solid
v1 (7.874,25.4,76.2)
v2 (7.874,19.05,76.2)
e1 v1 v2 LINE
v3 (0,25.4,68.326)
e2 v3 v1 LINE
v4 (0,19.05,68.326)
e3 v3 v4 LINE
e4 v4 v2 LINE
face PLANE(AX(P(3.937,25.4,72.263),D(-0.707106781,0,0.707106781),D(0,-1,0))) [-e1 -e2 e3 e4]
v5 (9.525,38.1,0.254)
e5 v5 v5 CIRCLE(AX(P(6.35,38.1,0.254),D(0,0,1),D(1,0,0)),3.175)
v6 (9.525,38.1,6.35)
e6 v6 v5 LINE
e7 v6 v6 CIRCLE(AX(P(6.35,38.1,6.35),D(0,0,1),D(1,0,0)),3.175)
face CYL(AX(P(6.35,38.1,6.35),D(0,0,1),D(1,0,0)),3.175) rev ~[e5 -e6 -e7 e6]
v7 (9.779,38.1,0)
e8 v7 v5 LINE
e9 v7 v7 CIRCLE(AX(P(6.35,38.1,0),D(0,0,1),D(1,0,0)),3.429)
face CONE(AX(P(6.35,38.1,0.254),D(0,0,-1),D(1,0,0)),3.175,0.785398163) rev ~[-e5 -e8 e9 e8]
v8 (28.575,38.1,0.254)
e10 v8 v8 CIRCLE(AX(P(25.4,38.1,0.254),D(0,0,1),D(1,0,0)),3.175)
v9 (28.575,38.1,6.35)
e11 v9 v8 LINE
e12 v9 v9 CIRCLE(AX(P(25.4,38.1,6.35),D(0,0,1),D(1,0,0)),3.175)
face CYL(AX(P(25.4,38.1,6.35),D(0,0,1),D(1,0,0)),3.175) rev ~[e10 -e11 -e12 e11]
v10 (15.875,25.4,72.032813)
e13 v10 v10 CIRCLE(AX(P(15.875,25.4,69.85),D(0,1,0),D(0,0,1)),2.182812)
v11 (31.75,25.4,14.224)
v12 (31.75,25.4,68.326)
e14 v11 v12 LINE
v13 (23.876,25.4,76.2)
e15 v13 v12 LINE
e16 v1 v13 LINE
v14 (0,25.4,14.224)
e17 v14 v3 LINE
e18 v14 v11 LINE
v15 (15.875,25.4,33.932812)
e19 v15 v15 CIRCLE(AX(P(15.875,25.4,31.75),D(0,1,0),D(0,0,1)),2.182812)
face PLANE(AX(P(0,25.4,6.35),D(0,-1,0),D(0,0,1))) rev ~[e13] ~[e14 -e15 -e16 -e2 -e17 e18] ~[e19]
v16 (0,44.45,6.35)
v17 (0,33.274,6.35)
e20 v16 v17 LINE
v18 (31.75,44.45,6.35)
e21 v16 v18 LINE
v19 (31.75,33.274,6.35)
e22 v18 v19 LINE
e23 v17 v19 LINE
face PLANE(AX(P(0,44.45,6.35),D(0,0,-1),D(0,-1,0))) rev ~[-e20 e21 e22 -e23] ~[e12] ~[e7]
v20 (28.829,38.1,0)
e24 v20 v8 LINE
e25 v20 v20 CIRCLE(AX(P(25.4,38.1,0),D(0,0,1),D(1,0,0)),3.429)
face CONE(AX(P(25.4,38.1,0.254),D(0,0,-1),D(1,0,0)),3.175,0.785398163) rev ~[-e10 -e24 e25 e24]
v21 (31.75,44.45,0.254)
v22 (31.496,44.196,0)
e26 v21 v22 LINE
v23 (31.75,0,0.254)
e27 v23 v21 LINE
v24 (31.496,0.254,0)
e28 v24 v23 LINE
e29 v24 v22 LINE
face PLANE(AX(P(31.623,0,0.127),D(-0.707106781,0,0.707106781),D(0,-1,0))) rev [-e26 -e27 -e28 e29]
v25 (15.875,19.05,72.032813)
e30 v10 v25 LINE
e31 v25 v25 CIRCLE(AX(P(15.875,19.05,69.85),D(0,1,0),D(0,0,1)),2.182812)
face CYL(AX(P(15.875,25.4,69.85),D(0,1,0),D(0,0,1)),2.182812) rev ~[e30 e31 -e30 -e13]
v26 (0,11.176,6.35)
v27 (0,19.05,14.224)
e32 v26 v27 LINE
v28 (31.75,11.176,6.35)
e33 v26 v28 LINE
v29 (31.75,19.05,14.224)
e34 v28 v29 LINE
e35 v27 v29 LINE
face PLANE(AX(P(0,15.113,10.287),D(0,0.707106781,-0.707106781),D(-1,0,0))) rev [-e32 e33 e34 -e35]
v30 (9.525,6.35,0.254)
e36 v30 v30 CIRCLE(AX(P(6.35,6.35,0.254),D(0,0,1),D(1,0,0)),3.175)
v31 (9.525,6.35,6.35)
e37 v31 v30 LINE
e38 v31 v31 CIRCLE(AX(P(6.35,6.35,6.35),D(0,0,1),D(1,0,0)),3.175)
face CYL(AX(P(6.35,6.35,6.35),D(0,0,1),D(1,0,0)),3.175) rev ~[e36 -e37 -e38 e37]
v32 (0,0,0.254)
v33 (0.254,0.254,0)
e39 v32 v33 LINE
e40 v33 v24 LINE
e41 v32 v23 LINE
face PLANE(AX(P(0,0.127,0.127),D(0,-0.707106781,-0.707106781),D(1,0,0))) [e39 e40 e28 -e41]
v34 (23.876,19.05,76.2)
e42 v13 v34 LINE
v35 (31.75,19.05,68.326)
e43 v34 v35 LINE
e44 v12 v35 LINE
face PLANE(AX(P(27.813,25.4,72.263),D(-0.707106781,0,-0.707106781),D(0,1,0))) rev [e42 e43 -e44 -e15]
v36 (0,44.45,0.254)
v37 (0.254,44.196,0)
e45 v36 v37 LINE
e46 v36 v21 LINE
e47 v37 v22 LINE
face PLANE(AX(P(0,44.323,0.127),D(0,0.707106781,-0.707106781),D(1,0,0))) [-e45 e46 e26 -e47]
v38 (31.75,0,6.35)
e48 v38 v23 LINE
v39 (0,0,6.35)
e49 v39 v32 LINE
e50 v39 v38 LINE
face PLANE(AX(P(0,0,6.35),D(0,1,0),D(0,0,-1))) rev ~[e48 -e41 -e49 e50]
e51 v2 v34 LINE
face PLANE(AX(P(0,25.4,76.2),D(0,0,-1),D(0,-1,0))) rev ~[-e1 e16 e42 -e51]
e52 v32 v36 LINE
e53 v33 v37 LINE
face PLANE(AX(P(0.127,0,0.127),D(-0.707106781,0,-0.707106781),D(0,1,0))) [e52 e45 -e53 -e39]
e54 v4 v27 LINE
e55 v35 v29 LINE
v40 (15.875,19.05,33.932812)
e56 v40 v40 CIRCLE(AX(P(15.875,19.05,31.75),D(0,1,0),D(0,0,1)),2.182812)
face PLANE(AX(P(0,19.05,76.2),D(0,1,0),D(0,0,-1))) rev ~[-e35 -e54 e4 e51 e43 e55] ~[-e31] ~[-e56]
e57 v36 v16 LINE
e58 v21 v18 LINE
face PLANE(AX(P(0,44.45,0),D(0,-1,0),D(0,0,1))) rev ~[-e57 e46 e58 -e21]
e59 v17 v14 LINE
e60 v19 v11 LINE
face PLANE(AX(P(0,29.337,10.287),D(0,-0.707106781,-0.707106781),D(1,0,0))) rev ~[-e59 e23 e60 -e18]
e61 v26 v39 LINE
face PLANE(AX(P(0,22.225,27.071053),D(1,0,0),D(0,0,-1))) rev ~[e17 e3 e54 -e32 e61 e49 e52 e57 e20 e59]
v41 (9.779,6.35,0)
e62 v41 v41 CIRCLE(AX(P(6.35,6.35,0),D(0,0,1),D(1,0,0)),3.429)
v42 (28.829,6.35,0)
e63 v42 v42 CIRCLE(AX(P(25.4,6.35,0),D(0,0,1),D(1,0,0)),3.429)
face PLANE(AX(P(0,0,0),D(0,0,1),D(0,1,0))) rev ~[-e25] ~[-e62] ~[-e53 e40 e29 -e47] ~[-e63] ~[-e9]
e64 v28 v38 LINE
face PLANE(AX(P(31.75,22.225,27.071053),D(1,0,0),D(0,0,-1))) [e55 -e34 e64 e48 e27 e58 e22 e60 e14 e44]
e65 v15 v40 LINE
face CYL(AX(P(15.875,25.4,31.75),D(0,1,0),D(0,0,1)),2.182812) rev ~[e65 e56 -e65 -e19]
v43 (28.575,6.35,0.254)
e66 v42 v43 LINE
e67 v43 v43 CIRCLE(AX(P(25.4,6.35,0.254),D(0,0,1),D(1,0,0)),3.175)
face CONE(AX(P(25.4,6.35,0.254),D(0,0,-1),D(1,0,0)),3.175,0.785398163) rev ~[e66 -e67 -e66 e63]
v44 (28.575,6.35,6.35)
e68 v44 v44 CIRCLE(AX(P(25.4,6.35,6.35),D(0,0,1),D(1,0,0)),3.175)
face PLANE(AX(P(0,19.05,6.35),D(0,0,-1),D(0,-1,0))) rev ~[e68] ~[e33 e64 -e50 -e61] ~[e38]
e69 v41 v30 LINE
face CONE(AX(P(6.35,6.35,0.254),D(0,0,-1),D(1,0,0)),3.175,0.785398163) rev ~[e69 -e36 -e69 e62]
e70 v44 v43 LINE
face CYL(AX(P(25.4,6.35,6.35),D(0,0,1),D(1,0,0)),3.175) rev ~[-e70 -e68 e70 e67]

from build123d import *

# Parameters (mm, degrees)
BOSS_EXTRUDE1_DEPTH = 31.75
SKETCH2_R           = 3.175
CUT_EXTRUDE1_DEPTH  = 19.05
CHAMFER1_SIZE       = 7.874
SKETCH3_R           = 2.1828125
CUT_EXTRUDE2_DEPTH  = 19.05
CHAMFER2_SIZE       = 7.874
CHAMFER3_SIZE       = 0.254


with BuildPart() as part:
    # Sketch1 → Boss-Extrude1 (new body)
    with BuildSketch(Plane(origin=(0, 0, 0), x_dir=(0, 0, -1), z_dir=(1, 0, 0))):
        Polygon((0, 0), (0, 44.45), (-6.35, 44.45), (-6.35, 25.4), (-76.2, 25.4), (-76.2, 19.05), (-6.35, 19.05), (-6.35, 0), align=None)
    extrude(amount=BOSS_EXTRUDE1_DEPTH)

    # Sketch2 → Cut-Extrude1 (cut)
    with BuildSketch(Plane.XY.offset(6.35)):
        with Locations((6.35, 38.1)):
            Circle(SKETCH2_R)
        with Locations((25.4, 38.1)):
            Circle(SKETCH2_R)
        with Locations((6.35, 6.35)):
            Circle(SKETCH2_R)
        with Locations((25.4, 6.35)):
            Circle(SKETCH2_R)
    extrude(amount=-CUT_EXTRUDE1_DEPTH, mode=Mode.SUBTRACT)

    # Chamfer1
    chamfer1_edges = [part.edges().sort_by_distance(p)[0] for p in [
        (15.875, 19.05, 6.35),
        (15.875, 25.4, 6.35),
    ]]
    chamfer(chamfer1_edges, length=CHAMFER1_SIZE)

    # Sketch3 → Cut-Extrude2 (cut)
    with BuildSketch(Plane(origin=(0, 25.4, 0), x_dir=(1, 0, 0), z_dir=(0, 1, 0))):
        with Locations(Location((15.875, -69.85, 0), (0, 0, 270))):
            Circle(SKETCH3_R)
        with Locations(Location((15.875, -31.75, 0), (0, 0, 270))):
            Circle(SKETCH3_R)
    extrude(amount=-CUT_EXTRUDE2_DEPTH, mode=Mode.SUBTRACT)

    # Chamfer2
    chamfer2_edges = [part.edges().sort_by_distance(p)[0] for p in [
        (31.75, 22.225, 76.2),
        (0, 22.225, 76.2),
    ]]
    chamfer(chamfer2_edges, length=CHAMFER2_SIZE)

    # Chamfer3
    chamfer3_edges = [part.edges().sort_by_distance(p)[0] for p in [
        (0, 22.225, 0),
        (15.875, 44.45, 0),
        (15.875, 0, 0),
        (22.225, 38.1, 0),
        (3.175, 6.35, 0),
        (22.225, 6.35, 0),
        (3.175, 38.1, 0),
        (31.75, 22.225, 0),
    ]]
    chamfer(chamfer3_edges, length=CHAMFER3_SIZE)


solid = part.part
